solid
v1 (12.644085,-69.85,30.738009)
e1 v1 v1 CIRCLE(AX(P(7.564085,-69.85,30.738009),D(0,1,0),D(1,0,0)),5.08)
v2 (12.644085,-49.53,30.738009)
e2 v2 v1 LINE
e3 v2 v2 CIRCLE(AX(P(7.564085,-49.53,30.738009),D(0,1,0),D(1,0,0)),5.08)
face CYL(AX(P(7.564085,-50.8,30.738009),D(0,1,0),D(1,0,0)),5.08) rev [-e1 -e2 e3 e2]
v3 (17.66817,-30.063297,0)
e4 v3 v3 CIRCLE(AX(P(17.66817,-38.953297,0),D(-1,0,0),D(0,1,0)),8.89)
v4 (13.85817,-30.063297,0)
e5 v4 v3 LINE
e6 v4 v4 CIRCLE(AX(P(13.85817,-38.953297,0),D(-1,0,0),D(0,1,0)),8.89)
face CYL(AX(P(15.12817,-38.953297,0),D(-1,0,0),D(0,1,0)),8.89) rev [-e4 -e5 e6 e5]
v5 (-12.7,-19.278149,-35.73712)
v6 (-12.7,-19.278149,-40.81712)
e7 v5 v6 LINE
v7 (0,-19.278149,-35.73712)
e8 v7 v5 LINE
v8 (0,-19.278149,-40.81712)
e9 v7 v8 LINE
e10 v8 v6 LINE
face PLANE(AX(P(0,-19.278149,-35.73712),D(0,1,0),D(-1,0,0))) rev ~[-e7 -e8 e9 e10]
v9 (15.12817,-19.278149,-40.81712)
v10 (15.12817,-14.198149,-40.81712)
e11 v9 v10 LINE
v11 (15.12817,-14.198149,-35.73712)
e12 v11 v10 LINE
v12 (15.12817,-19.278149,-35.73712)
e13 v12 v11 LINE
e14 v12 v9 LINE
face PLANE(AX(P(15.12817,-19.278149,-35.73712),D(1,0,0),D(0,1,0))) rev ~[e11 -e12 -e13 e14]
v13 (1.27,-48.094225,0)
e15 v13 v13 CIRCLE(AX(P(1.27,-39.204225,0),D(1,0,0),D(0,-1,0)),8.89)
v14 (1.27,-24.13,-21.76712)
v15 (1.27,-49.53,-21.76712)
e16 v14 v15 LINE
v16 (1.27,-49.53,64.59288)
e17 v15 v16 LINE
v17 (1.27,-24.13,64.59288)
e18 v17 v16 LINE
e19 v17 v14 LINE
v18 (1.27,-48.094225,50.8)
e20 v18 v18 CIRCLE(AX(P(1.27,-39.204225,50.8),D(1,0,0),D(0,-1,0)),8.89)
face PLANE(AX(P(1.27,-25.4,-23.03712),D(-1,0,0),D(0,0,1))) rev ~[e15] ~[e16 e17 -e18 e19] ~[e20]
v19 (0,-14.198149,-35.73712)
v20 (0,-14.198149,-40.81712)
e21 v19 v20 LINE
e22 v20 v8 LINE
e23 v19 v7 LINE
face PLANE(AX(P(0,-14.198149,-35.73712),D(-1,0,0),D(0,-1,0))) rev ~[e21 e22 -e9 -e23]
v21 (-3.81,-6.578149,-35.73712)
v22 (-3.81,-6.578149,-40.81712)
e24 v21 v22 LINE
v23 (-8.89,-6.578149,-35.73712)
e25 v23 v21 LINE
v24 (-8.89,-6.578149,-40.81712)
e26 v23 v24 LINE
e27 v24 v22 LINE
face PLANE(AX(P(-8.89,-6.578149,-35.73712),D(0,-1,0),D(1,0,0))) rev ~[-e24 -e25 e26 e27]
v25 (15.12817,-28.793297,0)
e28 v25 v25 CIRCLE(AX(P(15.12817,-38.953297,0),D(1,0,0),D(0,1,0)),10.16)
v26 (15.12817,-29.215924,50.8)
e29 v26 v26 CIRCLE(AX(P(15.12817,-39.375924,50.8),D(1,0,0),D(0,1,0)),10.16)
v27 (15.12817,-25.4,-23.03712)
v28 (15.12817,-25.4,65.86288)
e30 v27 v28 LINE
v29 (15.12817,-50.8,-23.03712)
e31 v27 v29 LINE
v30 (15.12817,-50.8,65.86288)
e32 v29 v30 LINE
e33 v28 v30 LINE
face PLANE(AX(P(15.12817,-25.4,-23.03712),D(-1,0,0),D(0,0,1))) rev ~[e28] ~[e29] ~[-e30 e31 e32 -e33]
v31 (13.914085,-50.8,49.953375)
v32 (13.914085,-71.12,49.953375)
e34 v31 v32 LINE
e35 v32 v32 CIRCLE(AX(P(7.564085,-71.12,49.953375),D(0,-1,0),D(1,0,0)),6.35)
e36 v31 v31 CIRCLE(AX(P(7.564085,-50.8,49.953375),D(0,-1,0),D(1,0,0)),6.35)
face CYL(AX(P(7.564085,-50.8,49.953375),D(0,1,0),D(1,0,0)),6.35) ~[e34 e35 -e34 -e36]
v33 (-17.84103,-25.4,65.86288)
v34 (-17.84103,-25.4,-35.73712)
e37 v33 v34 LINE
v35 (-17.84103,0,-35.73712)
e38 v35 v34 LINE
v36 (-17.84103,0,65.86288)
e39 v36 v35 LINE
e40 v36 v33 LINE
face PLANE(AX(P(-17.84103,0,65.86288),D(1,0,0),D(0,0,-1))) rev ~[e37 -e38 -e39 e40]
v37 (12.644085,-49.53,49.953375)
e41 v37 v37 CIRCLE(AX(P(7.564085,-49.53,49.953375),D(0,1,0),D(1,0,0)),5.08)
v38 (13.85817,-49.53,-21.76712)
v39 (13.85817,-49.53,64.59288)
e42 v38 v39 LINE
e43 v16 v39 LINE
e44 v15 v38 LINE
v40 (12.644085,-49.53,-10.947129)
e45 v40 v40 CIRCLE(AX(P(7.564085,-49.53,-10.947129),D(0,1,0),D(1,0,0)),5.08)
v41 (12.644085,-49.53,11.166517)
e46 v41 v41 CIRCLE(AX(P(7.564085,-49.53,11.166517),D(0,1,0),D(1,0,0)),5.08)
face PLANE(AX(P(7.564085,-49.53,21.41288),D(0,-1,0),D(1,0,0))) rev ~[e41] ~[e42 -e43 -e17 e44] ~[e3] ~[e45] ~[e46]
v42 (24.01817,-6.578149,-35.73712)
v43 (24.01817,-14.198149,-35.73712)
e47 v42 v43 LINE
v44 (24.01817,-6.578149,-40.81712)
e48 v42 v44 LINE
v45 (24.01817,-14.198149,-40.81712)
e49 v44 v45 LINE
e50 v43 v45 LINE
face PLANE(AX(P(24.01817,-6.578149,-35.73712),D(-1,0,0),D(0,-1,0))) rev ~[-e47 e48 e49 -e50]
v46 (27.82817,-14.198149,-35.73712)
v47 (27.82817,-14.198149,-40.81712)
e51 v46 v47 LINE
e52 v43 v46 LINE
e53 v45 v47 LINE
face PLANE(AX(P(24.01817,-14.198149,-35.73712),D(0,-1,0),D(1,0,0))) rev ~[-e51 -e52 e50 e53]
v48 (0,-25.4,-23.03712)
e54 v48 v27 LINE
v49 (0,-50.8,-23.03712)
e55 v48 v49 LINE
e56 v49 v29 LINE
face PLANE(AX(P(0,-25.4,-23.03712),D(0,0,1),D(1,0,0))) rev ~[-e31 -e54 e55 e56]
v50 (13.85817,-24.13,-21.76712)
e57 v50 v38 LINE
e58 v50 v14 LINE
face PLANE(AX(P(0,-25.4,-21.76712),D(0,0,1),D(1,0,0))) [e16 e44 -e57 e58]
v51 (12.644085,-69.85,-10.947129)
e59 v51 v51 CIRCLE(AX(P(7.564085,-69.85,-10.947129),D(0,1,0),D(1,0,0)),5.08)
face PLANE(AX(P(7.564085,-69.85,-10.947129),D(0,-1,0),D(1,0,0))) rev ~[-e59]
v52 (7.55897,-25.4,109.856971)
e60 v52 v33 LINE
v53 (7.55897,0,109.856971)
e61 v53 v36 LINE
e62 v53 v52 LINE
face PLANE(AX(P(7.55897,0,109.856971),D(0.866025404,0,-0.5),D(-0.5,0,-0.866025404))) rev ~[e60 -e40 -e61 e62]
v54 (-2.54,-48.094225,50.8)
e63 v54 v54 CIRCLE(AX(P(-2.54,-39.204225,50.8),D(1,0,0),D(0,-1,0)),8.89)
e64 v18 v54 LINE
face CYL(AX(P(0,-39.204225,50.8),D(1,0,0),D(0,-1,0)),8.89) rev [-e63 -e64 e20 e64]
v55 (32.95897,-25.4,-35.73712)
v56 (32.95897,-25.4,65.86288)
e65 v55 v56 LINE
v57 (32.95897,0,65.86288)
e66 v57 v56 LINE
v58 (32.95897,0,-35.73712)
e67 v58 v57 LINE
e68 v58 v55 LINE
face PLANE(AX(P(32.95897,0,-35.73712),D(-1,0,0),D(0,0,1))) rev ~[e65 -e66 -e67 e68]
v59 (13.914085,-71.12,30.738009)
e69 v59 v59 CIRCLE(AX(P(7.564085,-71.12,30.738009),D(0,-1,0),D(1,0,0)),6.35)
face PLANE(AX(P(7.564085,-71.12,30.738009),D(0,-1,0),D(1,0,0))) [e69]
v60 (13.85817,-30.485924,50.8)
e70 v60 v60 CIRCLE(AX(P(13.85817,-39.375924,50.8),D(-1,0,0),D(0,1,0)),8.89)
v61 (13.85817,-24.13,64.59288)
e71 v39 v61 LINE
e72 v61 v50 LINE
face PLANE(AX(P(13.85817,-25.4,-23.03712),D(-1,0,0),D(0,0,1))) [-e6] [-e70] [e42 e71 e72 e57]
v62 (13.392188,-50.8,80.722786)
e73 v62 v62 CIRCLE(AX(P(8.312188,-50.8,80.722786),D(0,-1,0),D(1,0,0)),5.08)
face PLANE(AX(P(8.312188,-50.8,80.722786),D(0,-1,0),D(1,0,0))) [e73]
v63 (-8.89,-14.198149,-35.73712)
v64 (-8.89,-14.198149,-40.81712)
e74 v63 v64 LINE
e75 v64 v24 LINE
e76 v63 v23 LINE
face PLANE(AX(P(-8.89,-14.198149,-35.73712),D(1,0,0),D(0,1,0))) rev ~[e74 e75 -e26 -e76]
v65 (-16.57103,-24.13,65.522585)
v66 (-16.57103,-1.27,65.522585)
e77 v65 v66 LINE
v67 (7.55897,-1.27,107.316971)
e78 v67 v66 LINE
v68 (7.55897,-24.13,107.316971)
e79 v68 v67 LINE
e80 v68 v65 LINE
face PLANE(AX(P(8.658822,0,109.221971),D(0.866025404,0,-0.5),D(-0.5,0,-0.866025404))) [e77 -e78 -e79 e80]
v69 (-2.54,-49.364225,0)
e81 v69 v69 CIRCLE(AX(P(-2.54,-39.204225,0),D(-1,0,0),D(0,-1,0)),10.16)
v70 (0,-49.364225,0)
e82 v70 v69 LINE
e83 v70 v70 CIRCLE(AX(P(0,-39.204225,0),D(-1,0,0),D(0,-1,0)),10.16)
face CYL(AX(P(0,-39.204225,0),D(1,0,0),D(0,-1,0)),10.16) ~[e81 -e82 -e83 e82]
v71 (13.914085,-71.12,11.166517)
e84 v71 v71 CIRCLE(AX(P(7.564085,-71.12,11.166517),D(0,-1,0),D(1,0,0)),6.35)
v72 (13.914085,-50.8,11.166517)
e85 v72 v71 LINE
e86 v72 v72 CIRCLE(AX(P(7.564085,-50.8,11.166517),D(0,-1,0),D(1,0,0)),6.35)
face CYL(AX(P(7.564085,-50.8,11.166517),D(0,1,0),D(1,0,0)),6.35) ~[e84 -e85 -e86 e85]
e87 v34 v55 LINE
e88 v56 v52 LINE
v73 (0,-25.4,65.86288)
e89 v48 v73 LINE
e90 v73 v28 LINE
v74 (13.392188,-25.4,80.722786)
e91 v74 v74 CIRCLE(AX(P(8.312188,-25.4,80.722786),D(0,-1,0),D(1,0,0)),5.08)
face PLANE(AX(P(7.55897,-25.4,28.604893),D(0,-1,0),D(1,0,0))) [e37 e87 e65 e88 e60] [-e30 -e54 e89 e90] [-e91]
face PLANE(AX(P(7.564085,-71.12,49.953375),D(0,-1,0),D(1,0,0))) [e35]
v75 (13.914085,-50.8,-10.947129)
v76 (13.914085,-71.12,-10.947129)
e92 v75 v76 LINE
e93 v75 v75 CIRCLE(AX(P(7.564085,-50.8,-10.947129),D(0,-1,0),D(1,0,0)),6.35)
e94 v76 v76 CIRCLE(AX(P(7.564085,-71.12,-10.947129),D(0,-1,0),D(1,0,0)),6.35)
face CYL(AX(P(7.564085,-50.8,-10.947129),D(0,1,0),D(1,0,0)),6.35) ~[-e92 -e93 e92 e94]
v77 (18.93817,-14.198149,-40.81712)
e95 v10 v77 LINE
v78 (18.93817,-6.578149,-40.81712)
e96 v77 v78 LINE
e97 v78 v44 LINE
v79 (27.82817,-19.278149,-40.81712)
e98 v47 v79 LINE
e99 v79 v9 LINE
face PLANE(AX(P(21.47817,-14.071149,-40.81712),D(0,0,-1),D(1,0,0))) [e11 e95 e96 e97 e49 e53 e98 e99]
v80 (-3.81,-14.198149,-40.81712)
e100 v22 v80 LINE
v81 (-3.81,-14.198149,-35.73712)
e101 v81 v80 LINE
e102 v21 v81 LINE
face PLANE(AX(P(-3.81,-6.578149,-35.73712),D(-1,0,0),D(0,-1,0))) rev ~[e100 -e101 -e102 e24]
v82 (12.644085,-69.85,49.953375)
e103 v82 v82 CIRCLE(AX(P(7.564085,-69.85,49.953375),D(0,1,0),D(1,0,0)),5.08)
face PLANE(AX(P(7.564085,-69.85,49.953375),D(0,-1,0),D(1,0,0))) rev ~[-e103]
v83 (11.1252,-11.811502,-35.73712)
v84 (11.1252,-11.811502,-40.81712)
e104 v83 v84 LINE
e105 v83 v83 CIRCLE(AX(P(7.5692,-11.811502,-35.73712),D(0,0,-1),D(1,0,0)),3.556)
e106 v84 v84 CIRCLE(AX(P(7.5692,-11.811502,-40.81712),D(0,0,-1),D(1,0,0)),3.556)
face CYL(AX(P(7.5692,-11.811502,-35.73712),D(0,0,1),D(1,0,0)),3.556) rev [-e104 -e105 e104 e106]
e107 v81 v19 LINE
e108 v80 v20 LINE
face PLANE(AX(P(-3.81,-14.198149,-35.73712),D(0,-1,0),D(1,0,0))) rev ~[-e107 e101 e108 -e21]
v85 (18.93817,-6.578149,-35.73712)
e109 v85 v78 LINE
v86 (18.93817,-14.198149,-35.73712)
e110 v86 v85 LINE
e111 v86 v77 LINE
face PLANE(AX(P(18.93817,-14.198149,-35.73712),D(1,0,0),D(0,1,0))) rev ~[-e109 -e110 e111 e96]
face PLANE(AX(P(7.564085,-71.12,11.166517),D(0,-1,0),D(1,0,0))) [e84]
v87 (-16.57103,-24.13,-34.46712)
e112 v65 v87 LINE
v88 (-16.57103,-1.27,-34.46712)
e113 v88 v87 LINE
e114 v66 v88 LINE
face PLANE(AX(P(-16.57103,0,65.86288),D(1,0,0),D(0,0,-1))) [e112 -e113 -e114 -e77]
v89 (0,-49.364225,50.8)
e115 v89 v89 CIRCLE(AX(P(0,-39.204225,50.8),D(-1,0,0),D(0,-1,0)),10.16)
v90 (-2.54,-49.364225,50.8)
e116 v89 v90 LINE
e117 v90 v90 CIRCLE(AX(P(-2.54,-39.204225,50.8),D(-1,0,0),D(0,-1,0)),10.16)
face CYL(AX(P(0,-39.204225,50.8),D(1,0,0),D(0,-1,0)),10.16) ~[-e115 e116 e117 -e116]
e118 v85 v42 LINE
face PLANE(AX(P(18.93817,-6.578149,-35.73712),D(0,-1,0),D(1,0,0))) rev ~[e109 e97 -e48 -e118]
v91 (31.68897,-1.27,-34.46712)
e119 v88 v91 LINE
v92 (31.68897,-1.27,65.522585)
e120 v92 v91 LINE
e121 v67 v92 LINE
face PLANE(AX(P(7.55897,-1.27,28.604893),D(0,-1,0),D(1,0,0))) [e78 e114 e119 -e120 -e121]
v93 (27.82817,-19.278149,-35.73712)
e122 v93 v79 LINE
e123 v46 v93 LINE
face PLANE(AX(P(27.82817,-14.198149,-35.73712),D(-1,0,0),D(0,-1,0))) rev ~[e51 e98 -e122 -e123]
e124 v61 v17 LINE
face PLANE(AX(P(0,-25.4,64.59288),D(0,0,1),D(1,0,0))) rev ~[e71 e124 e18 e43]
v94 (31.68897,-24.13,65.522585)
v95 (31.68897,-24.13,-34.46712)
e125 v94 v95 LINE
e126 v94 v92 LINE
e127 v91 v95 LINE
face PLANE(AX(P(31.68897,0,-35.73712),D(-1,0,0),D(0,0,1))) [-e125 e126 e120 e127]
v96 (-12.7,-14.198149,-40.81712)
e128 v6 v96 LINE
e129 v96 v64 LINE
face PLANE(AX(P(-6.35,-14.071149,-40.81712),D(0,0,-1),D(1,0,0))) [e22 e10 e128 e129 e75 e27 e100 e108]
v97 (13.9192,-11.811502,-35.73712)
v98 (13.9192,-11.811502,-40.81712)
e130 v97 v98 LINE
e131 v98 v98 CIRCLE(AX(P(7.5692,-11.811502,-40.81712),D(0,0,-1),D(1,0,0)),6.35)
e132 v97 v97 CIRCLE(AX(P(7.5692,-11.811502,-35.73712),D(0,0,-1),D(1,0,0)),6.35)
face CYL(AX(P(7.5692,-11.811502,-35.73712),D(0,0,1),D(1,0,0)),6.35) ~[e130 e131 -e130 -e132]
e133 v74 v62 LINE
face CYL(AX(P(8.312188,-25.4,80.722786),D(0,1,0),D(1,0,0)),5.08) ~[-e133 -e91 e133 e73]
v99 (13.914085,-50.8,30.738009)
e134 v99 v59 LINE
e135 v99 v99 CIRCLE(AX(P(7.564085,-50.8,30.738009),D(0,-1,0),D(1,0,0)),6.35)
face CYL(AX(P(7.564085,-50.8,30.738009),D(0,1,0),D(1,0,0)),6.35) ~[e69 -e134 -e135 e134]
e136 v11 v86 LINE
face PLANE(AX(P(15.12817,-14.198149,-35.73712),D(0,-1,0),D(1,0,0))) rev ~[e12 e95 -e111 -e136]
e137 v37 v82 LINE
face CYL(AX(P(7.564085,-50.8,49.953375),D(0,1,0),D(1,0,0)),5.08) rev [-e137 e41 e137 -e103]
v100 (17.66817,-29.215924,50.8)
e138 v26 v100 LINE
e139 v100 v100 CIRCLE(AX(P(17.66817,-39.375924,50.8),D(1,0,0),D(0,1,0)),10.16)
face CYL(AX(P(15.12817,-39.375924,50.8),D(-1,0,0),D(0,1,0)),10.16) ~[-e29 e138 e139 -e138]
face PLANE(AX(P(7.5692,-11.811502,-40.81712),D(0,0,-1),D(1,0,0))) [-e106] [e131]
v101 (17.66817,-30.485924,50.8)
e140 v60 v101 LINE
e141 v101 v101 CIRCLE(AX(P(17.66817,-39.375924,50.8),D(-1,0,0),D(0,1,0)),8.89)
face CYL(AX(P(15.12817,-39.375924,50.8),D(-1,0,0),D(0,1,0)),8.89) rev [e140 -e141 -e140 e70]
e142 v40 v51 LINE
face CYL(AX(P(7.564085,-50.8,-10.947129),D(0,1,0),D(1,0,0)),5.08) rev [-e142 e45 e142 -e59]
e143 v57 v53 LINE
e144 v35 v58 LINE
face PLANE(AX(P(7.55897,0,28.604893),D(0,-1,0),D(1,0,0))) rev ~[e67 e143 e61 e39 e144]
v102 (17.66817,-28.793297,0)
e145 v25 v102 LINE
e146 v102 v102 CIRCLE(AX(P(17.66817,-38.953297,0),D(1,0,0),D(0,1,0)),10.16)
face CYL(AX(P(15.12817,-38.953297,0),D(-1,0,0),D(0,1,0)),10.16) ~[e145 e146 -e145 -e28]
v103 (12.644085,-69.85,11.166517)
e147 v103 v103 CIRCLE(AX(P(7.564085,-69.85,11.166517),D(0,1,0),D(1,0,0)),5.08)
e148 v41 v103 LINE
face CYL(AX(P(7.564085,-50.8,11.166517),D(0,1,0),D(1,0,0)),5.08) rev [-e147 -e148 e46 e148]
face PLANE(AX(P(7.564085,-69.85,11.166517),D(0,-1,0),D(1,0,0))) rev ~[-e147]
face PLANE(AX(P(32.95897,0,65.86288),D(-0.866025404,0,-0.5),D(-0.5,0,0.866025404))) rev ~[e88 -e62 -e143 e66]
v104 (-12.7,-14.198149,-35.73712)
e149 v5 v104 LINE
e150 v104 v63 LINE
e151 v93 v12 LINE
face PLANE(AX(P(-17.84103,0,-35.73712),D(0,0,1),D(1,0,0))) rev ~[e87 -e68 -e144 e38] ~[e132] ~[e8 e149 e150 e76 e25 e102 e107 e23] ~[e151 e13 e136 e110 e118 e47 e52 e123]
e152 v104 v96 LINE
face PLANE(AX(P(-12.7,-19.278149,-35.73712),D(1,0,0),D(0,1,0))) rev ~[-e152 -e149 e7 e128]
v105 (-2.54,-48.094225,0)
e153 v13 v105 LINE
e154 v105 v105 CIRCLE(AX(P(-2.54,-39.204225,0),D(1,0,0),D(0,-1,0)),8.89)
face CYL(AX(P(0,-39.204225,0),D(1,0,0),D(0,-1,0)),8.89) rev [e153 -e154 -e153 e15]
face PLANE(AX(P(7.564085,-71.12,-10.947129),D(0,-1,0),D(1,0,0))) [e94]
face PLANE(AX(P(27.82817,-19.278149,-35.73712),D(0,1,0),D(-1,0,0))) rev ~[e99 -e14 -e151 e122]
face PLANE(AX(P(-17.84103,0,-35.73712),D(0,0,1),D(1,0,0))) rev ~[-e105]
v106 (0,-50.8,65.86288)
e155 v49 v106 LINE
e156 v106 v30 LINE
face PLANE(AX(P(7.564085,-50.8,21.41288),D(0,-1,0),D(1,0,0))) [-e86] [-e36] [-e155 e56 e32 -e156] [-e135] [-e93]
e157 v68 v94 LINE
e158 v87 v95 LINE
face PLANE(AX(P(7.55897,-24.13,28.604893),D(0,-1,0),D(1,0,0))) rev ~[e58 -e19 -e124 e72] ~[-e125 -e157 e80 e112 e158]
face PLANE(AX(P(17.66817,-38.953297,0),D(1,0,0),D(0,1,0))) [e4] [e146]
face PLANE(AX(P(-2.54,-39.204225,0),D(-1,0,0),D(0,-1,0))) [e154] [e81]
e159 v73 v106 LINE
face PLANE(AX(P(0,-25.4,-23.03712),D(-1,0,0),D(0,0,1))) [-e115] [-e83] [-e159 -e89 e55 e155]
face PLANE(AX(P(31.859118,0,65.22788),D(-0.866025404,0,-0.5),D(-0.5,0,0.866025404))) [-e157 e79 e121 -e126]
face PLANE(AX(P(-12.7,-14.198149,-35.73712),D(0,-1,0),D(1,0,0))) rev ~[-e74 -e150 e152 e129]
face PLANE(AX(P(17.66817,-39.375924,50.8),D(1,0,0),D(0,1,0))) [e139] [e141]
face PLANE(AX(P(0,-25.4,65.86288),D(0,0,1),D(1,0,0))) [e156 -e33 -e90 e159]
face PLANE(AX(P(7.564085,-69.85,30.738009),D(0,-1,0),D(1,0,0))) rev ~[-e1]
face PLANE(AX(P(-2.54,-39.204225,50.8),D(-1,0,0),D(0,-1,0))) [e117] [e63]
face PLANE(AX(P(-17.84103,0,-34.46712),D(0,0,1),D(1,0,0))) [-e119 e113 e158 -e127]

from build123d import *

# Parameters (mm, degrees)
F1_DEPTH  = 25.4
F2_W      = 15.1281697808
F2_H      = 88.9
F3_DEPTH  = 25.4
F4_R      = 6.35
F5_DEPTH  = 20.32
F7_R      = 10.16
F8_DEPTH  = 2.54
F6_R      = 10.16
F9_DEPTH  = 2.54
F10_T     = -1.27
F11_R     = 6.35
F11_R_2   = 3.556
F12_DEPTH = 5.08
F13_R     = 5.08
F14_DEPTH = 25.4


with BuildPart() as f1:
    # F0 (on Front) → F1 (new body)
    with BuildSketch(Plane.XZ):
        Polygon((-17.8410302192, 65.8628800811), (-17.8410302192, -35.7371199189), (32.9589697808, -35.7371199189), (32.9589697808, 65.8628800811), (7.5589697808, 109.8569705933), align=None)
    extrude(amount=F1_DEPTH)

    # F2 (on face) → F3 (join)
    with BuildSketch(Plane.XZ.offset(25.4)):
        with Locations((7.5640848904, 21.4128800811)):
            Rectangle(F2_W, F2_H)
    extrude(amount=F3_DEPTH)

    # F4 (on face) → F5 (join)
    with BuildSketch(Plane.XZ.offset(50.8)):
        with Locations((7.5640848904, 49.9533750117)):
            Circle(F4_R)
        with Locations((7.5640848904, 30.7380091399)):
            Circle(F4_R)
        with Locations((7.5640848904, 11.1665166914)):
            Circle(F4_R)
        with Locations((7.5640848904, -10.9471287578)):
            Circle(F4_R)
    extrude(amount=F5_DEPTH)

    # F7 (on face) → F8 (join)
    with BuildSketch(Plane.YZ.offset(15.1281697808)):
        with Locations((-38.9532968402, 0)):
            Circle(F7_R)
        with Locations((-39.375923574, 50.8)):
            Circle(F7_R)
    extrude(amount=F8_DEPTH)

    # F6 (on face) → F9 (join)
    with BuildSketch(Plane(origin=(0, 0, 0), x_dir=(0, -1, 0), z_dir=(-1, 0, 0))):
        with Locations((39.2042249441, 50.8)):
            Circle(F6_R)
        with Locations((39.2042249441, 0)):
            Circle(F6_R)
    extrude(amount=F9_DEPTH)

    # F10
    f10_openings = [f1.faces().sort_by_distance(p)[0] for p in [
        (17.66817, -38.953297, 0),
        (17.66817, -39.375924, 50.8),
        (-2.54, -39.204225, 50.8),
        (-2.54, -39.204225, 0),
    ]]
    offset(amount=F10_T, openings=f10_openings, kind=Kind.INTERSECTION)

    # F11 (on face) → F12 (join)
    with BuildSketch(Plane(origin=(0, 0, -35.7371199189), x_dir=(1, 0, 0), z_dir=(0, 0, -1))):
        with Locations((7.5692, 11.8115022779)):
            Circle(F11_R)
        with Locations((7.5692, 11.8115022779)):
            Circle(F11_R_2, mode=Mode.SUBTRACT)
        Polygon((0, 19.2781486231), (-12.7, 19.2781486231), (-12.7, 14.1981486231), (-8.89, 14.1981486231), (-8.89, 6.5781486231), (-3.81, 6.5781486231), (-3.81, 14.1981486231), (0, 14.1981486231), align=None)
        Polygon((27.8281697808, 19.2781486231), (15.1281697808, 19.2781486231), (15.1281697808, 14.1981486231), (18.9381697808, 14.1981486231), (18.9381697808, 6.5781486231), (24.0181697808, 6.5781486231), (24.0181697808, 14.1981486231), (27.8281697808, 14.1981486231), align=None)
    extrude(amount=F12_DEPTH)

    # F13 (on face) → F14 (join)
    with BuildSketch(Plane.XZ.offset(25.4)):
        with Locations((8.3121880889, 80.7227864861)):
            Circle(F13_R)
    extrude(amount=F14_DEPTH)


solid = f1.part
